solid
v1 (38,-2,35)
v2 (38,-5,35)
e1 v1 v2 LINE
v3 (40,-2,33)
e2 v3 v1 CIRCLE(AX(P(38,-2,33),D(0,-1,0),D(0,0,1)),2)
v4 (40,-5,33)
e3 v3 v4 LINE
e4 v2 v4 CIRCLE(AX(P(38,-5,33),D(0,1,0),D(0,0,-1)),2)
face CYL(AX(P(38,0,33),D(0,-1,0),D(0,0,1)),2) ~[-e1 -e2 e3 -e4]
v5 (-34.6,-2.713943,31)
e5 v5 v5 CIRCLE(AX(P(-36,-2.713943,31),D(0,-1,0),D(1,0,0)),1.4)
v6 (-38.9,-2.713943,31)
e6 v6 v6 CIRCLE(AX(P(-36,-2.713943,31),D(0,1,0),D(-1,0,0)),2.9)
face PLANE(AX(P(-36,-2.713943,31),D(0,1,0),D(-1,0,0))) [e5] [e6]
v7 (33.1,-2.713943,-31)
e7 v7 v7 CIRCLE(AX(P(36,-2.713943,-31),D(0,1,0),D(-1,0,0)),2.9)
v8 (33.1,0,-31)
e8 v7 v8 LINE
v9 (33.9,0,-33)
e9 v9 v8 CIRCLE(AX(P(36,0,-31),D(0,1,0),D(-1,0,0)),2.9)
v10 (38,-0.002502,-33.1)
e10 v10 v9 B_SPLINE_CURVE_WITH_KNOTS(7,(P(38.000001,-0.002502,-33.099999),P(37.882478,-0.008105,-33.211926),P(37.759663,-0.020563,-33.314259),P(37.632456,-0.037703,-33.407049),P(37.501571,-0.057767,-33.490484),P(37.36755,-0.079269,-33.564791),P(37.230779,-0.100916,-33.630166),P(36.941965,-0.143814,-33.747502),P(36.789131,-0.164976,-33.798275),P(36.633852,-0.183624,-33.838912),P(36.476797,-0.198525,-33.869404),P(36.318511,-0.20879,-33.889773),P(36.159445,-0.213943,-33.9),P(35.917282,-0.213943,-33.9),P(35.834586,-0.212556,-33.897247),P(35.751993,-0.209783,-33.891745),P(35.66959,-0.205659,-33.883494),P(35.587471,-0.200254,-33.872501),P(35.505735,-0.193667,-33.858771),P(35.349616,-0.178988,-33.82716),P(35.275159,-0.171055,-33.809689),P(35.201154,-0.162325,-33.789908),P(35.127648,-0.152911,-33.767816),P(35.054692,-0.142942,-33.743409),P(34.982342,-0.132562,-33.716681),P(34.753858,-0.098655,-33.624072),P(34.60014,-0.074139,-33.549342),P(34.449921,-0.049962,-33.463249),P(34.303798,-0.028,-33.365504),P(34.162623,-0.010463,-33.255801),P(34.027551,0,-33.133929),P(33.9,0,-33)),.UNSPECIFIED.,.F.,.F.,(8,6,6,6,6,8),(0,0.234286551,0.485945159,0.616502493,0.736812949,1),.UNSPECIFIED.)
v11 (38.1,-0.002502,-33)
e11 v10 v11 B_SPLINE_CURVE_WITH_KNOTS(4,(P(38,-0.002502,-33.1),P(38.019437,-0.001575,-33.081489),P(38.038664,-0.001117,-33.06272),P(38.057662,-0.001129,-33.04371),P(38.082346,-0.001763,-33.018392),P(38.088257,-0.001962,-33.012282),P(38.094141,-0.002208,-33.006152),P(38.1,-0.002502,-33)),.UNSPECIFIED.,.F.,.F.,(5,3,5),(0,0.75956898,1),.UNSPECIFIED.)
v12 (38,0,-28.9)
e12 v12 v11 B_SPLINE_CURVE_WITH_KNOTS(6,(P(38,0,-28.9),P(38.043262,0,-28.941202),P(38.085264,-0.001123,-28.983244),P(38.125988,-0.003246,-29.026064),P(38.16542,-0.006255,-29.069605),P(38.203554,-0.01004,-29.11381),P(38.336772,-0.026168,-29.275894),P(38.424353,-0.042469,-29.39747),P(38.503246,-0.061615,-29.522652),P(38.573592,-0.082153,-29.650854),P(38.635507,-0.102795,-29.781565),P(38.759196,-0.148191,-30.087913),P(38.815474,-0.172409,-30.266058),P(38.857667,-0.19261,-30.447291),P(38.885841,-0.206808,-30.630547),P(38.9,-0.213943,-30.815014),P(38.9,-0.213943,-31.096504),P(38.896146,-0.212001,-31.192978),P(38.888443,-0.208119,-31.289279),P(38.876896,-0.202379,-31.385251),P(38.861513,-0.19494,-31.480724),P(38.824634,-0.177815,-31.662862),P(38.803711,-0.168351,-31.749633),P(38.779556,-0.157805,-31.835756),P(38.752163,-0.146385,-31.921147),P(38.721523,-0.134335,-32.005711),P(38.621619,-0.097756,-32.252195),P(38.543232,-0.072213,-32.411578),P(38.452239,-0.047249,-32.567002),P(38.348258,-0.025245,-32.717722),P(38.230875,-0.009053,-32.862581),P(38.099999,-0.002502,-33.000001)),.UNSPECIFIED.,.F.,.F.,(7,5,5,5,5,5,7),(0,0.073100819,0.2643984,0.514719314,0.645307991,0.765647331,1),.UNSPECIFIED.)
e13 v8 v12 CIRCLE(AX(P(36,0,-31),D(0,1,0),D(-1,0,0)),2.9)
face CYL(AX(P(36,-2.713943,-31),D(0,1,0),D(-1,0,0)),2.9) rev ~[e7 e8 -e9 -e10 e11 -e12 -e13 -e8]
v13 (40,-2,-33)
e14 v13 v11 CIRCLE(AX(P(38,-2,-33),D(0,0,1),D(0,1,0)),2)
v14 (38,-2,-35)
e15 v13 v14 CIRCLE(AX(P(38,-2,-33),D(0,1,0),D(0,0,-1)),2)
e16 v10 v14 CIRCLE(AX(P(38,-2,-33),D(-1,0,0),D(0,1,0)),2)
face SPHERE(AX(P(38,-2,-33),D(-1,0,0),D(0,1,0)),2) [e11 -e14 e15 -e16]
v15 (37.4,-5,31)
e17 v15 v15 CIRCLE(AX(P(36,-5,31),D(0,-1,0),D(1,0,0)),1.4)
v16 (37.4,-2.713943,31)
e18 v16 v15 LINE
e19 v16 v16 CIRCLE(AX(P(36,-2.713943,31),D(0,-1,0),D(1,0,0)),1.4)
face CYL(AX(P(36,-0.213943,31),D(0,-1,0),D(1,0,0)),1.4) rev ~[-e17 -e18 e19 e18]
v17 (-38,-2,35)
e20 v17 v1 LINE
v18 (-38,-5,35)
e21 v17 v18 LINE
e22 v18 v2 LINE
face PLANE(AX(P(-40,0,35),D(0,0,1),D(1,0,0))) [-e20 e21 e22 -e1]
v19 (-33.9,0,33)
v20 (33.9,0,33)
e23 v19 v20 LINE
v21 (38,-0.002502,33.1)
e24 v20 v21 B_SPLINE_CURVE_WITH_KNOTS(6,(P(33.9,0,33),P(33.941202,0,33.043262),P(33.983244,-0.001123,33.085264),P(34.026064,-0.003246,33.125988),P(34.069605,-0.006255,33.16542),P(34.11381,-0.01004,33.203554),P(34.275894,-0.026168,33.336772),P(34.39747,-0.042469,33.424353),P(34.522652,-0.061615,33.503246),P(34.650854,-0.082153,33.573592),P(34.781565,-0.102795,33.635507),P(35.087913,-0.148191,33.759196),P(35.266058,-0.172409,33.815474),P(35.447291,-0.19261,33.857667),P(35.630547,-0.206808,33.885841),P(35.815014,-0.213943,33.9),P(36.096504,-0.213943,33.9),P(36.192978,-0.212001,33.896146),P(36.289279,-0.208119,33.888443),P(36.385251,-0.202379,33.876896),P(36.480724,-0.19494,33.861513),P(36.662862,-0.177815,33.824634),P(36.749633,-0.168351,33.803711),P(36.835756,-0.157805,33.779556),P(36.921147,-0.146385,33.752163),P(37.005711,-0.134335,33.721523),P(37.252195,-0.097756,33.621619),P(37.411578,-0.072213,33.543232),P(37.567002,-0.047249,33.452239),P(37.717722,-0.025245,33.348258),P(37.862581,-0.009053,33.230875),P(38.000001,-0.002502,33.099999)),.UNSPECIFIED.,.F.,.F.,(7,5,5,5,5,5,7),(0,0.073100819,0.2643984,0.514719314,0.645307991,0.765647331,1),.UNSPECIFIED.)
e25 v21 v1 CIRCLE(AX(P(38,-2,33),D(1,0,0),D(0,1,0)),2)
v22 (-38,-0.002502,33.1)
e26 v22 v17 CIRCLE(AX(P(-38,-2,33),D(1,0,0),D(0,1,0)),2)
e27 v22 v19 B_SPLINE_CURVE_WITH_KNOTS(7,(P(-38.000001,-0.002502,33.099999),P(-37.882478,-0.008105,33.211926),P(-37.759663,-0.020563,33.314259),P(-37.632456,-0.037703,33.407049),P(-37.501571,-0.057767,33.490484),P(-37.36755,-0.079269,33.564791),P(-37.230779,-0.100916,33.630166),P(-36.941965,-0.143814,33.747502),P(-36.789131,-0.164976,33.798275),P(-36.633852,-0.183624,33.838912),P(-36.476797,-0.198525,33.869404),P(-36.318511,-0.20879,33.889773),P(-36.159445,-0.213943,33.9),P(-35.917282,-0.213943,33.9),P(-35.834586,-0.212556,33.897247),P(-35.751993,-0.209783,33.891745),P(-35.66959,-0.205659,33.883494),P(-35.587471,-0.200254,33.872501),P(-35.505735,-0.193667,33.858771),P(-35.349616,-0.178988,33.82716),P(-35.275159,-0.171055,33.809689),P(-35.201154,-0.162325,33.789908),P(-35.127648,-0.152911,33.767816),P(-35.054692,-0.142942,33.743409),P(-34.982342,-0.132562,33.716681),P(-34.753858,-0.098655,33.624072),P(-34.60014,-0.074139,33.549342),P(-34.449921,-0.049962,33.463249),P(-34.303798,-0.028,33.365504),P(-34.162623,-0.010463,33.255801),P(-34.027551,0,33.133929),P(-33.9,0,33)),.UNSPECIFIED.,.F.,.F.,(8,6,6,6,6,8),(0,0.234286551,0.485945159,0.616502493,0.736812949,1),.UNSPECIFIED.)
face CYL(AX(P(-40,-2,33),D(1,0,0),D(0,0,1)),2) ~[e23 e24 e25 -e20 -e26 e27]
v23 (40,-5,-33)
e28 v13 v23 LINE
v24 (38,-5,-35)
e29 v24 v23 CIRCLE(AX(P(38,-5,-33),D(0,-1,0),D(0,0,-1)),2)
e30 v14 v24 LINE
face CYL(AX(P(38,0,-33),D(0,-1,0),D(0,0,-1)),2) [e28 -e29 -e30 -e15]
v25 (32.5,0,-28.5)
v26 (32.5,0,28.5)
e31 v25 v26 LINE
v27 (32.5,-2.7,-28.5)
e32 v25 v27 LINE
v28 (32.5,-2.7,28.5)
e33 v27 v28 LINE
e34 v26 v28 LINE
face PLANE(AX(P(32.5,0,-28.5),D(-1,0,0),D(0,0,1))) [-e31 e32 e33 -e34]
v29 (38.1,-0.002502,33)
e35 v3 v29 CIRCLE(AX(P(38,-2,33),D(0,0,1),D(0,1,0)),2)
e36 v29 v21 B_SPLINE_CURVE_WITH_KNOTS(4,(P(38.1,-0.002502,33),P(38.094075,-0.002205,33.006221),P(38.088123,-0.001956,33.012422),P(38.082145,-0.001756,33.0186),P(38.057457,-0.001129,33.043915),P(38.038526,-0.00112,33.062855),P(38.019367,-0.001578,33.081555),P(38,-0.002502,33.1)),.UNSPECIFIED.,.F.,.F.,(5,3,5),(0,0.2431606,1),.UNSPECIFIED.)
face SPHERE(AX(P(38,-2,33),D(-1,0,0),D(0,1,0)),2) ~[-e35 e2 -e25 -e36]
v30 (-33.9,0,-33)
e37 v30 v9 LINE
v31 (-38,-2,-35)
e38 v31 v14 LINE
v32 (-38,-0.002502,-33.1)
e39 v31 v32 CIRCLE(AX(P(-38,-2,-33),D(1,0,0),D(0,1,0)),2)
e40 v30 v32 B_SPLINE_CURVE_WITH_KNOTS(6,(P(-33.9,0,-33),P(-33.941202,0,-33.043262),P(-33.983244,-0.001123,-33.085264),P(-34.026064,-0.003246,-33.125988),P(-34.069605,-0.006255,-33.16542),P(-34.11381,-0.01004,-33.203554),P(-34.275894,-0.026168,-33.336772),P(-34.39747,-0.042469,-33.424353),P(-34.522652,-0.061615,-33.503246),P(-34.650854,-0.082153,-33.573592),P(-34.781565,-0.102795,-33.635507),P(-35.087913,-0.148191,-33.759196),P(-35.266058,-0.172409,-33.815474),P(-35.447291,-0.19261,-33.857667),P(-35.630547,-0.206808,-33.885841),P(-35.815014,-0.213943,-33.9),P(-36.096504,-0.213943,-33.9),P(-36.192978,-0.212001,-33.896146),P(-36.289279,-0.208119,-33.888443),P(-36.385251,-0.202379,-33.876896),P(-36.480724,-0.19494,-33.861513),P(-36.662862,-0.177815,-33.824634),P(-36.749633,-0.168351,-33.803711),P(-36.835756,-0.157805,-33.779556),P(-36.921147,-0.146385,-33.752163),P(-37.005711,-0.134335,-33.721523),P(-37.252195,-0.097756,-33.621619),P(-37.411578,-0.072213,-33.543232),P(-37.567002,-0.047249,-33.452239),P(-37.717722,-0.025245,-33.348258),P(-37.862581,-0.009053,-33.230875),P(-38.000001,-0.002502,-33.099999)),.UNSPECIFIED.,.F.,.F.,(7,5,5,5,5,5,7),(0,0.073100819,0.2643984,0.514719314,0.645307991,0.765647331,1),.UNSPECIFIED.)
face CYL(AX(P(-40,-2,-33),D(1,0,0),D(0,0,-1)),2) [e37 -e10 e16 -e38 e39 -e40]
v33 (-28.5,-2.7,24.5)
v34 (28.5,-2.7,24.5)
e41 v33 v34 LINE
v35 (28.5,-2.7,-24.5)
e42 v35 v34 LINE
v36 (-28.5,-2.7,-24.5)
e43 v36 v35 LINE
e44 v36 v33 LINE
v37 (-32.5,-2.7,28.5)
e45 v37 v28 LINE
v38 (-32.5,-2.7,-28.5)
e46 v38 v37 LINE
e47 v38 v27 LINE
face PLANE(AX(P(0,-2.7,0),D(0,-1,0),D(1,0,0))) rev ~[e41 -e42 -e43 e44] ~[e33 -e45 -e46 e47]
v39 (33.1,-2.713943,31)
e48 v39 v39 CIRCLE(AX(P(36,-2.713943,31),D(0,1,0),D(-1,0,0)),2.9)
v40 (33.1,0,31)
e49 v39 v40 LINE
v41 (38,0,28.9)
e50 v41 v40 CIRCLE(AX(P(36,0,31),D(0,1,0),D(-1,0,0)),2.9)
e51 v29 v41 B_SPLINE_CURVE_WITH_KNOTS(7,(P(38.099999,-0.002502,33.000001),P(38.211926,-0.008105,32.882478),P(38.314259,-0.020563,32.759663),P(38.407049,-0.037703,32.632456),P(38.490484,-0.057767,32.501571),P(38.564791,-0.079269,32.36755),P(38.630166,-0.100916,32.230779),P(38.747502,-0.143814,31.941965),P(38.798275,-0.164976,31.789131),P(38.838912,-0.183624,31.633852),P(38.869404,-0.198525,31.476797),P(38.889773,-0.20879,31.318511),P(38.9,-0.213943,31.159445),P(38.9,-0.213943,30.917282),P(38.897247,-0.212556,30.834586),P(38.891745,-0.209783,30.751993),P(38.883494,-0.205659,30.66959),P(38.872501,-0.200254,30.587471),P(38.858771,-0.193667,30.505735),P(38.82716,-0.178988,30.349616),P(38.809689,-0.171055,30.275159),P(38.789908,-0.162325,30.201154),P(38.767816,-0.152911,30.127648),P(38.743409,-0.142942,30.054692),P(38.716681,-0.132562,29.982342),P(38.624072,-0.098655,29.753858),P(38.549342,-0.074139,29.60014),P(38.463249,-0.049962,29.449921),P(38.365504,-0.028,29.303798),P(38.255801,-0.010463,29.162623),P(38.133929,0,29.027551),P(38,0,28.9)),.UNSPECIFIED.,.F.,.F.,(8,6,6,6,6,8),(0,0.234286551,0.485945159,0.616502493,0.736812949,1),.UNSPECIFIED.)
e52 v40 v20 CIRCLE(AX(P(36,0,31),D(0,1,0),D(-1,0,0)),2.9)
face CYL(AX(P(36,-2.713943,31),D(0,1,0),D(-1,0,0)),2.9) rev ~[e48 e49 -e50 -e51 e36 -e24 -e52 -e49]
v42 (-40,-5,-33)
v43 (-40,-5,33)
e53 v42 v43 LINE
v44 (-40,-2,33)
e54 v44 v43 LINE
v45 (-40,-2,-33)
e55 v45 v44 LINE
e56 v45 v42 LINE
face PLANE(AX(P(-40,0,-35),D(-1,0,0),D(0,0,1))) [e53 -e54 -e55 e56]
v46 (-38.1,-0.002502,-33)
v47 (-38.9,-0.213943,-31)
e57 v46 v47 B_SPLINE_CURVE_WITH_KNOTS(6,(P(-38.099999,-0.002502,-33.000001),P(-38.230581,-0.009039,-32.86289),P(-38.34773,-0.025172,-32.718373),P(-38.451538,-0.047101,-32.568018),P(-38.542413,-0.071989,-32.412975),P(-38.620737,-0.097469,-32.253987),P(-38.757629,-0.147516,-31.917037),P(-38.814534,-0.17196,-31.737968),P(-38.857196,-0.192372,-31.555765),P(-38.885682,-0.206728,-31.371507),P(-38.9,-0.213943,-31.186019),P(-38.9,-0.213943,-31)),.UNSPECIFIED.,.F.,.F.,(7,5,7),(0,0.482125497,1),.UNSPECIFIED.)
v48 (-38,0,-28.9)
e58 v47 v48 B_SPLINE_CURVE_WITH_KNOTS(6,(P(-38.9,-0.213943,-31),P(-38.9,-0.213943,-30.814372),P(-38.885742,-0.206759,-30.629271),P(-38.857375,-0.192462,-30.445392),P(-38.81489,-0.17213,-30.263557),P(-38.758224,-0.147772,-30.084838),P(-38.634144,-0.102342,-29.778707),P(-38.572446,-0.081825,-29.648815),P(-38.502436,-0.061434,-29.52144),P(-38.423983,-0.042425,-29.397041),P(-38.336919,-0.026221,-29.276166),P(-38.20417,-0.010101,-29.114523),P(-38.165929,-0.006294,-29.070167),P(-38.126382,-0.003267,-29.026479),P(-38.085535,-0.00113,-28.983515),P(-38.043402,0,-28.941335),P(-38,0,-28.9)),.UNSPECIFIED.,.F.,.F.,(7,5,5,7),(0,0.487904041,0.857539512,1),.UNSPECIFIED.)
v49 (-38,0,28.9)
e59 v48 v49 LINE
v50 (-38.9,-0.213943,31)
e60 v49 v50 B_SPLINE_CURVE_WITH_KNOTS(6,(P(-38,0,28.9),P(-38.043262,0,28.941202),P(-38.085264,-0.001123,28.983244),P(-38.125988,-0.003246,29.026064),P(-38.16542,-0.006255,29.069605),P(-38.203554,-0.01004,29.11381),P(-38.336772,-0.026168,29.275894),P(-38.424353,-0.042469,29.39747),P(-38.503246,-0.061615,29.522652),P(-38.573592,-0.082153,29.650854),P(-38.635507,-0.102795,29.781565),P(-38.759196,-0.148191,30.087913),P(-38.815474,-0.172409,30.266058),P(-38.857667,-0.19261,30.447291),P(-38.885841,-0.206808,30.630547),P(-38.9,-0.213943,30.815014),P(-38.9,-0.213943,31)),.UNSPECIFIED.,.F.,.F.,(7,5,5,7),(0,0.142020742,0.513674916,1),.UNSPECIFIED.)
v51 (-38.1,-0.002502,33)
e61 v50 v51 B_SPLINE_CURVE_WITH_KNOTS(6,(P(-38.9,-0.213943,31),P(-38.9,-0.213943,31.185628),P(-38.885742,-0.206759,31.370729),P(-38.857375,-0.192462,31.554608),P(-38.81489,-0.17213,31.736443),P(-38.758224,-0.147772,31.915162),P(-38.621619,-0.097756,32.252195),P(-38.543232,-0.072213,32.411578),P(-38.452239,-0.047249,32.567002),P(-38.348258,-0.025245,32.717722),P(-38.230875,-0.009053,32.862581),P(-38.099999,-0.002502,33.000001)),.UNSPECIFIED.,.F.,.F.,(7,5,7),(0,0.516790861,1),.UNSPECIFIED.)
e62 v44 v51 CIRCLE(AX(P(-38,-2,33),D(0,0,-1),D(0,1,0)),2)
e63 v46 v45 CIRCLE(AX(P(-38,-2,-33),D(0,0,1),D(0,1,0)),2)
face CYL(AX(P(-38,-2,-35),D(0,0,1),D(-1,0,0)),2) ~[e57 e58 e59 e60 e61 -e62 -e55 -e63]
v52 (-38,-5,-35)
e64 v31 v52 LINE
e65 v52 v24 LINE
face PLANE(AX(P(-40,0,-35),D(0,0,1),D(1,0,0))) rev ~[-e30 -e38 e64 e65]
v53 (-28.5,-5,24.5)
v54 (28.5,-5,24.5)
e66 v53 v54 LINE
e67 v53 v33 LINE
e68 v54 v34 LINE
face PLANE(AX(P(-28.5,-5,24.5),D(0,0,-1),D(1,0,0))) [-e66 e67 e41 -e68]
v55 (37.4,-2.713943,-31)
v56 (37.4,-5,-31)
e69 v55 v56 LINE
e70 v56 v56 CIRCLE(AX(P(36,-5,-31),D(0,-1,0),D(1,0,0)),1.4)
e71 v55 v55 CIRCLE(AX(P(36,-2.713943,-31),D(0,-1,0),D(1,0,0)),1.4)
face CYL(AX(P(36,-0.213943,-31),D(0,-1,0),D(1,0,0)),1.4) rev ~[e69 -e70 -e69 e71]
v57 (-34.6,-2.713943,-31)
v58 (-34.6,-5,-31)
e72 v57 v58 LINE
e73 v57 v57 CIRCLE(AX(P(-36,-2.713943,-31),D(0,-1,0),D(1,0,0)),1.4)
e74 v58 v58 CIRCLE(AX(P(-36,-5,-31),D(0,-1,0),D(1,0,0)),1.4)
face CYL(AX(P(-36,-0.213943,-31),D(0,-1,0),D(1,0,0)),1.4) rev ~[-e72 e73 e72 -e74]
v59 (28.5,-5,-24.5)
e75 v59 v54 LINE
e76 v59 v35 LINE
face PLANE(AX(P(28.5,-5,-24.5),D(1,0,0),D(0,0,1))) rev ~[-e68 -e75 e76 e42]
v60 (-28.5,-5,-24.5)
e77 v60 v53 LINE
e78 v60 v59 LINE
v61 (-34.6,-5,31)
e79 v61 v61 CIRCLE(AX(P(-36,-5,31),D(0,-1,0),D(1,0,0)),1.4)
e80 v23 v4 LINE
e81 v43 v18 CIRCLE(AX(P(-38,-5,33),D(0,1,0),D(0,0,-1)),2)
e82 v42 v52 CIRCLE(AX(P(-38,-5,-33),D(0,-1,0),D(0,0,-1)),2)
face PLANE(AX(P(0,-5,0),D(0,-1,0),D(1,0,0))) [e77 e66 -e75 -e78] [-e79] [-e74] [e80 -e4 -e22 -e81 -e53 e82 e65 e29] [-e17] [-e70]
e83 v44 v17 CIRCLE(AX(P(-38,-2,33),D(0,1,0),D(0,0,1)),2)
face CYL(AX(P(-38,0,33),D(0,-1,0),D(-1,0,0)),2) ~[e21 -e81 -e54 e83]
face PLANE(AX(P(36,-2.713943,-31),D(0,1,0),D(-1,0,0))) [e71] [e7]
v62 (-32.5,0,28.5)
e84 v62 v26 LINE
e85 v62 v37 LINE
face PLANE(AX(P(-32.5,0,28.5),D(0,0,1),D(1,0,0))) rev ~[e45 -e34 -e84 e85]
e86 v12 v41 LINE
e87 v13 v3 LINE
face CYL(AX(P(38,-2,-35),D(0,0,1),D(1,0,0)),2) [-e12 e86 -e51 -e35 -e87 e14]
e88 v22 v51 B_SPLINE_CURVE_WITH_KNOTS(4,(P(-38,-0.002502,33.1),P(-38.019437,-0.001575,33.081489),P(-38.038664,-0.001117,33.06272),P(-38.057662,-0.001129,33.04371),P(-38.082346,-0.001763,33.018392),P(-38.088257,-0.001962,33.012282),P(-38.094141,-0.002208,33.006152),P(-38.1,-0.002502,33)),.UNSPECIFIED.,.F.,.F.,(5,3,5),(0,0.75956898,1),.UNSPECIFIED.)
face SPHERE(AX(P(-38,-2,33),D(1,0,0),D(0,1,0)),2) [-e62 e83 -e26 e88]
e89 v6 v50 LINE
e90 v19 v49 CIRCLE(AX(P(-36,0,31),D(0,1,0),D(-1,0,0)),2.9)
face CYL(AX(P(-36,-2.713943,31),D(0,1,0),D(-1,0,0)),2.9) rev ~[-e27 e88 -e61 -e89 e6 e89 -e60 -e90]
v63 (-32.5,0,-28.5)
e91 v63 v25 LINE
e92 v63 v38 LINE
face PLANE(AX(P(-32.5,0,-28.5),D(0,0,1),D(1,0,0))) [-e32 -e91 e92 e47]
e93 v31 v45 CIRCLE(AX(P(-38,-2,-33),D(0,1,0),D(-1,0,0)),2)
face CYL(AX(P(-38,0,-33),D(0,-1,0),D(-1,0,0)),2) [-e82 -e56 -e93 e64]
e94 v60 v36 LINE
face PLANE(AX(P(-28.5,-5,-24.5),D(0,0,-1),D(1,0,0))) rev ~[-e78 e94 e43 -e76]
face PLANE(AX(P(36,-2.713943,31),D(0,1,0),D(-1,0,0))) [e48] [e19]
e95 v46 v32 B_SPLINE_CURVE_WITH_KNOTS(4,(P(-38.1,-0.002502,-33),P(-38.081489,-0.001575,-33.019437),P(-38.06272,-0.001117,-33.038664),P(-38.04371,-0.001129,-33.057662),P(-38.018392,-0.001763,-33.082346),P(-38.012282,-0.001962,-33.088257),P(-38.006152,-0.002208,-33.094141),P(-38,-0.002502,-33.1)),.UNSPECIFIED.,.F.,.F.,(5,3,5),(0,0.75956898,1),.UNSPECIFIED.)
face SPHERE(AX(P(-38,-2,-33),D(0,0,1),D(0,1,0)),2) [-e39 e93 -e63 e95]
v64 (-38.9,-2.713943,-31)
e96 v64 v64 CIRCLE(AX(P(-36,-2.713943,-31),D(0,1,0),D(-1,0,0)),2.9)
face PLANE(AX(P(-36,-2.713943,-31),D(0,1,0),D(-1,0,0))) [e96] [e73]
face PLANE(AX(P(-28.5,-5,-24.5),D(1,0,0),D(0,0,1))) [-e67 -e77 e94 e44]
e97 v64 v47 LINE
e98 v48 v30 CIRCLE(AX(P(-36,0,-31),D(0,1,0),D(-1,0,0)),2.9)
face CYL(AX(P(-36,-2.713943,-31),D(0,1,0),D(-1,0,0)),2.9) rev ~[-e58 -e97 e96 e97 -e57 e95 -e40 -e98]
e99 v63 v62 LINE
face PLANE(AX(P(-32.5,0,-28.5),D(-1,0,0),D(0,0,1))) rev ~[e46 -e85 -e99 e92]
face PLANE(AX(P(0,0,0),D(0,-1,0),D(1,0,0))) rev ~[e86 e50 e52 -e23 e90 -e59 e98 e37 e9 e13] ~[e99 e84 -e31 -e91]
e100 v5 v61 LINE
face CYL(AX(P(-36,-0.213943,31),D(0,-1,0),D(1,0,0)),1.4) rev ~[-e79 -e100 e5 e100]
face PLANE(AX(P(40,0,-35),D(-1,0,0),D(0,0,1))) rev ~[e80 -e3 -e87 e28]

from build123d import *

# Parameters (mm, degrees)
F0_W           = 80
F0_H           = 70
F0_W_2         = 65
F0_H_2         = 57
F1_DEPTH       = 5
F2_R           = 2
F5_D           = 2.8
F5_DEPTH       = 5
F5_START       = 0.213943
F5_CBORE_D     = 5.8
F5_CBORE_DEPTH = 2.5
F5_TIP         = 0.8412048666
F7_W           = 65
F7_H           = 57
F7_W_2         = 57
F7_H_2         = 49
F8_DEPTH       = 2.3


with BuildPart() as f1:
    # F0 (on Front) → F1 (new body)
    with BuildSketch(Plane.XZ):
        Rectangle(F0_W, F0_H)
        Rectangle(F0_W_2, F0_H_2, mode=Mode.SUBTRACT)
    extrude(amount=F1_DEPTH)

    # F2
    f2_edges = [f1.edges().sort_by_distance(p)[0] for p in [
        (0, 0, 35),
        (-40, 0, 0),
        (-40, -2.5, 35),
        (0, 0, -35),
        (-40, -2.5, -35),
        (40, 0, 0),
        (40, -2.5, -35),
        (40, -2.5, 35),
    ]]
    fillet(f2_edges, radius=F2_R)

    # F5
    # its depths count from where the whole tool has entered the part; down to there all is cleared
    with Locations(Plane(origin=(0, 0, 0), x_dir=(-1, 0, 0), z_dir=(0, 1, 0)).offset(-F5_START)):
        with Locations((-36, -31), (-36, 31), (36, 31), (36, -31)):
            CounterBoreHole(F5_D / 2, F5_CBORE_D / 2, F5_CBORE_DEPTH, depth=F5_DEPTH)
            with Locations((0, 0, -(F5_DEPTH + F5_TIP / 2))):  # 118° drill point
                Cone(0, F5_D / 2, F5_TIP, mode=Mode.SUBTRACT)

    # F7 (on offset) → F8 (join)
    with BuildSketch(Plane.XZ.offset(5)):
        Rectangle(F7_W, F7_H)
        Rectangle(F7_W_2, F7_H_2, mode=Mode.SUBTRACT)
    extrude(amount=-F8_DEPTH)


solid = f1.part
